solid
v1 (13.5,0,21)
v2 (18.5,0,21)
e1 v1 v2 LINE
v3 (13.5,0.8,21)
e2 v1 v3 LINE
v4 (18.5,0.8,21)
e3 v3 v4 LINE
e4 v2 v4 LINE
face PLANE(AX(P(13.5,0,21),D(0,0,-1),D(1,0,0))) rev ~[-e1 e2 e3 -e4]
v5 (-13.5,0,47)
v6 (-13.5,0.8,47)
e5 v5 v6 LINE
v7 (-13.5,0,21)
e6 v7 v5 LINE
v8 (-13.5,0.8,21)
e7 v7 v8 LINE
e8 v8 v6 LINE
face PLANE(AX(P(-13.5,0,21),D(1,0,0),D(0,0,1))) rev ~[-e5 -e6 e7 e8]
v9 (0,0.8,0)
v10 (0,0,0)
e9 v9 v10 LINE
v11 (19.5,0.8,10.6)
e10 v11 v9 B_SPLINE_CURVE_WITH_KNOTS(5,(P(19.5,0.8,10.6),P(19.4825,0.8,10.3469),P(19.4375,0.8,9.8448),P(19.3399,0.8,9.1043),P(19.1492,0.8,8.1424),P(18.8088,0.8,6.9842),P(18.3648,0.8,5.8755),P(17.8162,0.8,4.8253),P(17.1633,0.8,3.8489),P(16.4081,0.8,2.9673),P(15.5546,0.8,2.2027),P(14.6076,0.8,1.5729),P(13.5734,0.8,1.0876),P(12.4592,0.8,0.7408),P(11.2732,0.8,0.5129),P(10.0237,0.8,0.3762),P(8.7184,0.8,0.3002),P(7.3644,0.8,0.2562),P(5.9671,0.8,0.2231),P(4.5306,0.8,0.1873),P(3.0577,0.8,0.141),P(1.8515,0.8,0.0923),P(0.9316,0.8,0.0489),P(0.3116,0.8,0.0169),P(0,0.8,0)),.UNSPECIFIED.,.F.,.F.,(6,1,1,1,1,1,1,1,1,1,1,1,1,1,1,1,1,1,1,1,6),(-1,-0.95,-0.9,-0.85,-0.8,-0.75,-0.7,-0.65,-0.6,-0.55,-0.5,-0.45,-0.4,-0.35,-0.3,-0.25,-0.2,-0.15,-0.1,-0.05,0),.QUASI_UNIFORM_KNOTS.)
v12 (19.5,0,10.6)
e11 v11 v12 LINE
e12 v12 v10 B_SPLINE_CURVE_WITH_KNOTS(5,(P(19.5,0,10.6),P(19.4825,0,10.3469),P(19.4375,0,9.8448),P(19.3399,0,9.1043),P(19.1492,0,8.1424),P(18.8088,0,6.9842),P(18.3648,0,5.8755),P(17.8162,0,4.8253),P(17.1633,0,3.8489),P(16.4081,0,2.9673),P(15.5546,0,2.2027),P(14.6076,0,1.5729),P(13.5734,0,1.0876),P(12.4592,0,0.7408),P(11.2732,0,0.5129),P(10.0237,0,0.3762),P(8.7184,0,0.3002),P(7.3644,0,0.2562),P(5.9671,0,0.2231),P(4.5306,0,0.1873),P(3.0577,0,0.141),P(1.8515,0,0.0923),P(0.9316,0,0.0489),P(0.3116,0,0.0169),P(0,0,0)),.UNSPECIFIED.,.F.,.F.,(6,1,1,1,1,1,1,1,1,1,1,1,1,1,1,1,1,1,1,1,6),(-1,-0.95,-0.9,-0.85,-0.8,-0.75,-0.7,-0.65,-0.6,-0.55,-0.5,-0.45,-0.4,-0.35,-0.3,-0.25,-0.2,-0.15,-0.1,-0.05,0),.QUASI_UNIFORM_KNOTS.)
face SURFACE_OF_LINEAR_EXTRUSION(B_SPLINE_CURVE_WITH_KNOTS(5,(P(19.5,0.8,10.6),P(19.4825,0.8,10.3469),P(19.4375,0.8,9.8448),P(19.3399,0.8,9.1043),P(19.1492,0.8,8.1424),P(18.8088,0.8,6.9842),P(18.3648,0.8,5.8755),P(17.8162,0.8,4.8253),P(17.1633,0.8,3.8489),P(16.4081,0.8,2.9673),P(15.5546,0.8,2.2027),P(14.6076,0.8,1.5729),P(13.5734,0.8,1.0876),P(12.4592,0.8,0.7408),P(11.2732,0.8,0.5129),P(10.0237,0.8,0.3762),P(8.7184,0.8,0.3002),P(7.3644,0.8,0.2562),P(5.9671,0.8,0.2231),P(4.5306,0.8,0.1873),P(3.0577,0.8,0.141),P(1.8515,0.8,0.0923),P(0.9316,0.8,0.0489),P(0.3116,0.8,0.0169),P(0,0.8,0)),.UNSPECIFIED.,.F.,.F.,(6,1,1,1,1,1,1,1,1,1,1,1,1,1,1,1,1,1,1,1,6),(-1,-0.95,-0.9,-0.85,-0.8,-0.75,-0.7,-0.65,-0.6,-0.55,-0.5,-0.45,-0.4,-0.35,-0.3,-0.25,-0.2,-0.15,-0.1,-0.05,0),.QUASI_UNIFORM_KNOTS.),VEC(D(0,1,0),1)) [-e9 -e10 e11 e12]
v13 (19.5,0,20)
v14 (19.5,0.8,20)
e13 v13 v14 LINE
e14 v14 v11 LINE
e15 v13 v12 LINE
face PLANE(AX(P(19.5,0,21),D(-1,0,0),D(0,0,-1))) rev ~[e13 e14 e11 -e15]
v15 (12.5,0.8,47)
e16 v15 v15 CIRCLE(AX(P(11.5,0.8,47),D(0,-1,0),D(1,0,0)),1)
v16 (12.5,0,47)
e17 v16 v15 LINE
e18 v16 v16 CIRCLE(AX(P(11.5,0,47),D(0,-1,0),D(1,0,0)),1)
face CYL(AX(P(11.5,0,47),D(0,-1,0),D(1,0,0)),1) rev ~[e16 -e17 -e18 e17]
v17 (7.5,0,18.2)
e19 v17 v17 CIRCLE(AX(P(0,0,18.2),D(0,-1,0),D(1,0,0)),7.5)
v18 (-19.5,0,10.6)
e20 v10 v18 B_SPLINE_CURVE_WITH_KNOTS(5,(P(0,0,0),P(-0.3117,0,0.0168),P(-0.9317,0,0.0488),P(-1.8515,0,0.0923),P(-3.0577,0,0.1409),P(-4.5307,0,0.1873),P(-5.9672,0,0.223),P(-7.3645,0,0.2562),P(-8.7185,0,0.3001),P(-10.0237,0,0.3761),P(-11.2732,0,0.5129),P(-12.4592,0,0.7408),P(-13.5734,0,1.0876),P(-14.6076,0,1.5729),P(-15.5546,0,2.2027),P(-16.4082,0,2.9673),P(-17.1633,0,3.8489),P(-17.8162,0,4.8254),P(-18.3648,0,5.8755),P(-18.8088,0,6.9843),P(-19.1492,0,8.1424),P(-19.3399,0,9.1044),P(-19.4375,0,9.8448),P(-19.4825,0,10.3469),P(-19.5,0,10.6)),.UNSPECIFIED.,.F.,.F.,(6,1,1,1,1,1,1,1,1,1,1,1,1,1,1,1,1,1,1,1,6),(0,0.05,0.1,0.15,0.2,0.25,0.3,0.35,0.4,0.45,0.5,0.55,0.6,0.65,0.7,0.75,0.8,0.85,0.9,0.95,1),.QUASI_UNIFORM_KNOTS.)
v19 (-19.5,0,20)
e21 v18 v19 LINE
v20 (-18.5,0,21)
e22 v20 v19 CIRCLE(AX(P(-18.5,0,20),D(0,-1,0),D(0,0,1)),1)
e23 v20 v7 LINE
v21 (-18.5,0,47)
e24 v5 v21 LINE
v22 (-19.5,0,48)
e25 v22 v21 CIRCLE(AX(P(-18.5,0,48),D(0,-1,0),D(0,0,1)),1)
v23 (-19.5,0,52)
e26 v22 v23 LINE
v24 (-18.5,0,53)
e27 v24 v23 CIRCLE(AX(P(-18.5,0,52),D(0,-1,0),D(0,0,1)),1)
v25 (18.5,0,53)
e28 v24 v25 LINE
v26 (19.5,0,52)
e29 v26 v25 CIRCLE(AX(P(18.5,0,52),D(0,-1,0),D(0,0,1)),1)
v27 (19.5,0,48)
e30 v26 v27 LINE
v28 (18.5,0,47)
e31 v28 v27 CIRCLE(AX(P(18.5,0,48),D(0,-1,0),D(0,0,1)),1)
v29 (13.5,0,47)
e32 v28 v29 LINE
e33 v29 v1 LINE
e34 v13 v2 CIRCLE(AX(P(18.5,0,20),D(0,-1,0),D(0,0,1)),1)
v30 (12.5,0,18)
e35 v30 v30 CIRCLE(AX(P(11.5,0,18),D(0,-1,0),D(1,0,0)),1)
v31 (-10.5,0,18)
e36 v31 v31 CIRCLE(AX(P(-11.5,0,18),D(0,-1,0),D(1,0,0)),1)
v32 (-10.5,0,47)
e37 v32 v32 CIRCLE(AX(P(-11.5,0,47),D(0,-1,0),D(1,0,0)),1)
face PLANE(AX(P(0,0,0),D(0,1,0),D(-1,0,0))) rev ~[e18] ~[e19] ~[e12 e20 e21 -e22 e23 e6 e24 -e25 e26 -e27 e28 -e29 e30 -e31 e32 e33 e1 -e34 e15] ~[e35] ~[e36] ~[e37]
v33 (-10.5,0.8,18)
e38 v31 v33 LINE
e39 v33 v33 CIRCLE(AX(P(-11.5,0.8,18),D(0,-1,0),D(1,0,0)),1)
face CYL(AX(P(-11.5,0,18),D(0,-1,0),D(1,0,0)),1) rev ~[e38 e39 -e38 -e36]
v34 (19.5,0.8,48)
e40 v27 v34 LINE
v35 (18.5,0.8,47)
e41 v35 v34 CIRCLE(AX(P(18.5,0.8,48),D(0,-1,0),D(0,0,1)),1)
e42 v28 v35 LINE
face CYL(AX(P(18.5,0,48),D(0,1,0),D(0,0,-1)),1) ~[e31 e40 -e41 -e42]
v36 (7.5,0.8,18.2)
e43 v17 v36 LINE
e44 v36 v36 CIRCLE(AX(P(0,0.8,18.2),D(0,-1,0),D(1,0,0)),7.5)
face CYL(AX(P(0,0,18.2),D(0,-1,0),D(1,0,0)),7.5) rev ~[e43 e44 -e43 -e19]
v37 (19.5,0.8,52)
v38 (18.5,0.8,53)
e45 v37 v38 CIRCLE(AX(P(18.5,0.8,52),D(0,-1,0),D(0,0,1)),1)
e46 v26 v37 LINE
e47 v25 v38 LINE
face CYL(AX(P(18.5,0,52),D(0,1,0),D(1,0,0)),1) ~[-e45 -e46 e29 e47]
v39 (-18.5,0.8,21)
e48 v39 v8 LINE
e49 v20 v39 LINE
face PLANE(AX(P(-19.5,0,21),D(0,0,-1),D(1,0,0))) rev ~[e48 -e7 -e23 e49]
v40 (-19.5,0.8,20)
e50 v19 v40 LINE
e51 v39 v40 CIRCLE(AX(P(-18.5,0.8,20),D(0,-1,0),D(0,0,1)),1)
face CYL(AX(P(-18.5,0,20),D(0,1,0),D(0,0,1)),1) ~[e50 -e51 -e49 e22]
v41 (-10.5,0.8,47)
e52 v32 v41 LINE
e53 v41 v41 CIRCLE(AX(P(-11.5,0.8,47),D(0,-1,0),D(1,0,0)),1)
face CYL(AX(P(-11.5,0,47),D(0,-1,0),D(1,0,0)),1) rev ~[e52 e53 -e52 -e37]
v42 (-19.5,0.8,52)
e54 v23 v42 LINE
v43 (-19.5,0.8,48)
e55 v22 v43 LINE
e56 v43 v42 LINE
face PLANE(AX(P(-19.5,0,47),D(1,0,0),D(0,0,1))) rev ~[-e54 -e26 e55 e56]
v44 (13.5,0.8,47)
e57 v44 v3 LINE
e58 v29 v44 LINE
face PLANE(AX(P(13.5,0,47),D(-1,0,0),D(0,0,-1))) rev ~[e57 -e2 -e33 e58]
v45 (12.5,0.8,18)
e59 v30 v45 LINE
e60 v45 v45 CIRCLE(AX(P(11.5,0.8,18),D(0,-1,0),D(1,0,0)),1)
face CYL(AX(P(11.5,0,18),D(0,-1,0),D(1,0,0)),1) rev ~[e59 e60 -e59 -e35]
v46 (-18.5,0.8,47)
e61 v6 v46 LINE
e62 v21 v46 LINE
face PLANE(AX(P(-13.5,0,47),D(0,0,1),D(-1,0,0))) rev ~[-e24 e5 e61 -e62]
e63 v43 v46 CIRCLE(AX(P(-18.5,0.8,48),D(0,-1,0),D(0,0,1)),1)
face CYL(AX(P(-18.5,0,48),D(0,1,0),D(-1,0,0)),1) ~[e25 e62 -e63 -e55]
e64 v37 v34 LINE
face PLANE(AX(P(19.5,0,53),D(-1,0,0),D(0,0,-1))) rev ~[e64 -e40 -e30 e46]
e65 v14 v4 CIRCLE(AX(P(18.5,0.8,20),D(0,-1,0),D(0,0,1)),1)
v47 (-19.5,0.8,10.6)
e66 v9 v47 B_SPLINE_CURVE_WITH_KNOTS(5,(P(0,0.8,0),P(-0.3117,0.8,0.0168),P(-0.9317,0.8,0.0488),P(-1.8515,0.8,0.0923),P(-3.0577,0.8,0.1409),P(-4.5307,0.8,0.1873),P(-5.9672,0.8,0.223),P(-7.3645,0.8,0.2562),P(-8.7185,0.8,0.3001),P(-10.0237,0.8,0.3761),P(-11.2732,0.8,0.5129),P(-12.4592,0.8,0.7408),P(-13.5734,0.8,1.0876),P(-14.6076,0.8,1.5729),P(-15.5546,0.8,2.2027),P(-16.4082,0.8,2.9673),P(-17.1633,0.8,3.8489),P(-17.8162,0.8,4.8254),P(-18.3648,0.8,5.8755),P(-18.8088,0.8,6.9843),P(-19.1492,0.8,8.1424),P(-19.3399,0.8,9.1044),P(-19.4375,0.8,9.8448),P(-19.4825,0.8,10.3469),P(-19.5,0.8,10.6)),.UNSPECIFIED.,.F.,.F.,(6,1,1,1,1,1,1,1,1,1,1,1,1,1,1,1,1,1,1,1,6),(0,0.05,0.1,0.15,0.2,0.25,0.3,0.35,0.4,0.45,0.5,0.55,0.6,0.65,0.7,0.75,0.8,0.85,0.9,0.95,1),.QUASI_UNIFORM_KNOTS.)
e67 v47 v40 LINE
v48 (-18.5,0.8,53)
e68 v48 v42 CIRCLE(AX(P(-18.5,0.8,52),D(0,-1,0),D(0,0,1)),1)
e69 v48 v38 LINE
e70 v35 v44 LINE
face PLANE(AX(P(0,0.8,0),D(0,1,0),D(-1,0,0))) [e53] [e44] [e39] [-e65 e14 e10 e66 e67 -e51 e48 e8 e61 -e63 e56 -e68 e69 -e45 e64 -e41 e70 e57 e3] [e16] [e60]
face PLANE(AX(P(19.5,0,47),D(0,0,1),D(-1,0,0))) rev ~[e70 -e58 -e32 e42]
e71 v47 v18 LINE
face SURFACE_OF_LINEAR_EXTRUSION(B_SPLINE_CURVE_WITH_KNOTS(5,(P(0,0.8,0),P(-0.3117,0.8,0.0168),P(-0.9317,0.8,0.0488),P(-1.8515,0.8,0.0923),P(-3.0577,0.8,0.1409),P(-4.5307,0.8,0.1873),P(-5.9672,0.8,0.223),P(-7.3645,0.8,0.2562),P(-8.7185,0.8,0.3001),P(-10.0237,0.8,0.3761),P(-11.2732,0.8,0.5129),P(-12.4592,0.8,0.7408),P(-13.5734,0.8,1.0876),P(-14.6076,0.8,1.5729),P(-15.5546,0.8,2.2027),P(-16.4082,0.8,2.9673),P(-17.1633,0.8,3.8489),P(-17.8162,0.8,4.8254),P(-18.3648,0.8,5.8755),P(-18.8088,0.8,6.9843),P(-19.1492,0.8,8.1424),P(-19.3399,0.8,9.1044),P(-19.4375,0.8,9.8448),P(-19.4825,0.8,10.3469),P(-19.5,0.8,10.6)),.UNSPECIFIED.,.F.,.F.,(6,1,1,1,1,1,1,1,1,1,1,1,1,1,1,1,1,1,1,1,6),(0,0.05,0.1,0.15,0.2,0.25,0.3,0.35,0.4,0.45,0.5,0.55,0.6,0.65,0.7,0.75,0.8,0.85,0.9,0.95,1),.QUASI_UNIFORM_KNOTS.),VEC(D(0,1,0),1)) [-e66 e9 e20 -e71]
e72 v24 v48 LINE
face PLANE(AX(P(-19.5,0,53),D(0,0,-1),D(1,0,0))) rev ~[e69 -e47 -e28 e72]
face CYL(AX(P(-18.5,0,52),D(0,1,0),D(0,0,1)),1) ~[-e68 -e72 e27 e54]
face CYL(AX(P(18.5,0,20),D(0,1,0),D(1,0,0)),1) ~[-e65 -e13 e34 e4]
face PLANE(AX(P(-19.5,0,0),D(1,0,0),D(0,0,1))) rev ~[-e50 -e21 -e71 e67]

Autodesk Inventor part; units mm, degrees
ref_plane "YZ Plane" through (0, 0, 0) normal (1, 0, 0) x (0, 1, 0)
ref_plane "XZ Plane" through (0, 0, 0) normal (0, 1, 0) x (-1, 0, 0)
ref_plane "XY Plane" through (0, 0, 0) normal (0, 0, 1) x (1, 0, 0)
sketch "スケッチ1" plane through (0, 0, 0) normal (0, 1, 0) x (-1, 0, 0)
  line L0 (-13.5, 21) -> (-19.5, 21)
  line L1 (-19.5, 21) -> (-19.5, 0)
  line L2 (-19.5, 0) -> (19.5, 0)
  line L3 (19.5, 0) -> (19.5, 21)
  line L4 (19.5, 21) -> (13.5, 21)
  line L5 (13.5, 21) -> (13.5, 47)
  line L6 (13.5, 47) -> (19.5, 47)
  line L7 (19.5, 47) -> (19.5, 53)
  line L8 (19.5, 53) -> (-19.5, 53)
  line L9 (-19.5, 53) -> (-19.5, 47)
  line L10 (-19.5, 47) -> (-13.5, 47)
  line L11 (-13.5, 47) -> (-13.5, 21)
  point P0 (0, 0)
  point P1 (0, 0)
  dimension "d5" = 39
  dimension "d6" = 27
  dimension "d8" = 26
  dimension "d16" = 6
  dimension "d43" = 53
  dimension "d44" = 39
extrude "Body" add sketch "スケッチ1" along normal blind 0.8
fillet "フィレット1" radius 1 6 edges at (19.5, 0.4, 53) (19.5, 0.4, 47) (19.5, 0.4, 21) (-19.5, 0.4, 21) (-19.5, 0.4, 53) (-19.5, 0.4, 47)
sketch "スケッチ6" plane through (0, 0, 0) normal (0, -1, 0) x (1, 0, 0)
  circle A0 centre (0, 18.2) radius 7.5
  line L0 (19.5, 0) -> (-19.5, 0) projected
  circle A1 centre (0, 18.2) radius 10
  point P0 (0, 0)
  point P1 (0, 0)
  dimension "d27" = 15
  dimension "d28" = 20
  dimension "d31" = 18.2
extrude "押し出し4" cut sketch "スケッチ6" against normal through all contours A0
sketch "スケッチ7" plane through (0, 0.8, 0) normal (0, 1, 0) x (1, 0, 0)
  spline S0 degree 5 poles (0, 0) (-0.3117, -0.0168) (-0.9317, -0.0488) (-1.8515, -0.0923) (-3.0577, -0.1409) (-4.5307, -0.1873) (-5.9672, -0.223) (-7.3645, -0.2562) (-8.7185, -0.3001) (-10.0237, -0.3761) (-11.2732, -0.5129) (-12.4592, -0.7408) (-13.5734, -1.0876) (-14.6076, -1.5729) (-15.5546, -2.2027) (-16.4082, -2.9673) (-17.1633, -3.8489) (-17.8162, -4.8254) (-18.3648, -5.8755) (-18.8088, -6.9843) (-19.1492, -8.1424) (-19.3399, -9.1044) (-19.4375, -9.8448) (-19.4825, -10.3469) (-19.5, -10.6) knots 0 0 0 0 0 0 0.05 0.1 0.15 0.2 0.25 0.3 0.35 0.4 0.45 0.5 0.55 0.6 0.65 0.7 0.75 0.8 0.85 0.9 0.95 1 1 1 1 1 1
  spline S1 degree 5 poles (19.5, -10.6) (19.4825, -10.3469) (19.4375, -9.8448) (19.3399, -9.1043) (19.1492, -8.1424) (18.8088, -6.9842) (18.3648, -5.8755) (17.8162, -4.8253) (17.1633, -3.8489) (16.4081, -2.9673) (15.5546, -2.2027) (14.6076, -1.5729) (13.5734, -1.0876) (12.4592, -0.7408) (11.2732, -0.5129) (10.0237, -0.3762) (8.7184, -0.3002) (7.3644, -0.2562) (5.9671, -0.2231) (4.5306, -0.1873) (3.0577, -0.141) (1.8515, -0.0923) (0.9316, -0.0489) (0.3116, -0.0169) (0, 0) knots -1 -1 -1 -1 -1 -1 -0.95 -0.9 -0.85 -0.8 -0.75 -0.7 -0.65 -0.6 -0.55 -0.5 -0.45 -0.4 -0.35 -0.3 -0.25 -0.2 -0.15 -0.1 -0.05 0 0 0 0 0 0
  line L0 (19.5, -10.6) -> (19.5, -53)
  line L1 (19.5, -53) -> (-19.5, -53)
  line L2 (-19.5, -53) -> (-19.5, -10.6)
  line L3 (-18.5, -53) -> (18.5, -53) projected
  line L4 (19.5, 0) -> (-19.5, 0) projected
  point P0 (0, -53)
  dimension "d40" = 53
  dimension "d45" = 39
  dimension "d47" = 10.6
extrude "押し出し5" cut sketch "スケッチ7" against normal through all keep common part
sketch "スケッチ9" plane through (0, 0, 0) normal (0, -1, 0) x (1, 0, 0)
  circle A0 centre (-11.5, 47) radius 1
  circle A1 centre (-11.5, 47) radius 1
  circle A2 centre (-11.5, 18) radius 1
  line L0 (0, 0) -> (0, 53)
  circle A3 centre (11.5, 47) radius 1
  circle A4 centre (11.5, 47) radius 1
  circle A5 centre (11.5, 18) radius 1
  line L1 (-18.5, 53) -> (18.5, 53) projected
  circle A6 centre (0, 18.2) radius 7.5 projected
  line L2 (19.5, 20) -> (19.5, 10.6) projected
  arc A7 (19.5, 20) -> (18.5, 21) centre (18.5, 20) ccw projected
  line L3 (13.5, 21) -> (18.5, 21) projected
  line L4 (13.5, 47) -> (13.5, 21) projected
  line L5 (18.5, 47) -> (13.5, 47) projected
  arc A8 (18.5, 47) -> (19.5, 48) centre (18.5, 48) ccw projected
  line L6 (19.5, 52) -> (19.5, 48) projected
  arc A9 (19.5, 52) -> (18.5, 53) centre (18.5, 52) ccw projected
  line L7 (-18.5, 53) -> (18.5, 53) projected
  arc A10 (-18.5, 53) -> (-19.5, 52) centre (-18.5, 52) ccw projected
  line L8 (-19.5, 48) -> (-19.5, 52) projected
  arc A11 (-19.5, 48) -> (-18.5, 47) centre (-18.5, 48) ccw projected
  line L9 (-13.5, 47) -> (-18.5, 47) projected
  line L10 (-13.5, 21) -> (-13.5, 47) projected
  line L11 (-18.5, 21) -> (-13.5, 21) projected
  arc A12 (-18.5, 21) -> (-19.5, 20) centre (-18.5, 20) ccw projected
  line L12 (-19.5, 10.6) -> (-19.5, 20) projected
  dimension "d52" = 2
  dimension "d53" = 29
  dimension "d55" = 2
extrude "押し出し7" cut sketch "スケッチ9" against normal through all contours A0 | A2 | A3 | A5
ref_plane "作業平面1" through (13.5, 0, 34) normal (0, 0, -1) x (-1, 0, 0)
properties part number "MainBoard"
